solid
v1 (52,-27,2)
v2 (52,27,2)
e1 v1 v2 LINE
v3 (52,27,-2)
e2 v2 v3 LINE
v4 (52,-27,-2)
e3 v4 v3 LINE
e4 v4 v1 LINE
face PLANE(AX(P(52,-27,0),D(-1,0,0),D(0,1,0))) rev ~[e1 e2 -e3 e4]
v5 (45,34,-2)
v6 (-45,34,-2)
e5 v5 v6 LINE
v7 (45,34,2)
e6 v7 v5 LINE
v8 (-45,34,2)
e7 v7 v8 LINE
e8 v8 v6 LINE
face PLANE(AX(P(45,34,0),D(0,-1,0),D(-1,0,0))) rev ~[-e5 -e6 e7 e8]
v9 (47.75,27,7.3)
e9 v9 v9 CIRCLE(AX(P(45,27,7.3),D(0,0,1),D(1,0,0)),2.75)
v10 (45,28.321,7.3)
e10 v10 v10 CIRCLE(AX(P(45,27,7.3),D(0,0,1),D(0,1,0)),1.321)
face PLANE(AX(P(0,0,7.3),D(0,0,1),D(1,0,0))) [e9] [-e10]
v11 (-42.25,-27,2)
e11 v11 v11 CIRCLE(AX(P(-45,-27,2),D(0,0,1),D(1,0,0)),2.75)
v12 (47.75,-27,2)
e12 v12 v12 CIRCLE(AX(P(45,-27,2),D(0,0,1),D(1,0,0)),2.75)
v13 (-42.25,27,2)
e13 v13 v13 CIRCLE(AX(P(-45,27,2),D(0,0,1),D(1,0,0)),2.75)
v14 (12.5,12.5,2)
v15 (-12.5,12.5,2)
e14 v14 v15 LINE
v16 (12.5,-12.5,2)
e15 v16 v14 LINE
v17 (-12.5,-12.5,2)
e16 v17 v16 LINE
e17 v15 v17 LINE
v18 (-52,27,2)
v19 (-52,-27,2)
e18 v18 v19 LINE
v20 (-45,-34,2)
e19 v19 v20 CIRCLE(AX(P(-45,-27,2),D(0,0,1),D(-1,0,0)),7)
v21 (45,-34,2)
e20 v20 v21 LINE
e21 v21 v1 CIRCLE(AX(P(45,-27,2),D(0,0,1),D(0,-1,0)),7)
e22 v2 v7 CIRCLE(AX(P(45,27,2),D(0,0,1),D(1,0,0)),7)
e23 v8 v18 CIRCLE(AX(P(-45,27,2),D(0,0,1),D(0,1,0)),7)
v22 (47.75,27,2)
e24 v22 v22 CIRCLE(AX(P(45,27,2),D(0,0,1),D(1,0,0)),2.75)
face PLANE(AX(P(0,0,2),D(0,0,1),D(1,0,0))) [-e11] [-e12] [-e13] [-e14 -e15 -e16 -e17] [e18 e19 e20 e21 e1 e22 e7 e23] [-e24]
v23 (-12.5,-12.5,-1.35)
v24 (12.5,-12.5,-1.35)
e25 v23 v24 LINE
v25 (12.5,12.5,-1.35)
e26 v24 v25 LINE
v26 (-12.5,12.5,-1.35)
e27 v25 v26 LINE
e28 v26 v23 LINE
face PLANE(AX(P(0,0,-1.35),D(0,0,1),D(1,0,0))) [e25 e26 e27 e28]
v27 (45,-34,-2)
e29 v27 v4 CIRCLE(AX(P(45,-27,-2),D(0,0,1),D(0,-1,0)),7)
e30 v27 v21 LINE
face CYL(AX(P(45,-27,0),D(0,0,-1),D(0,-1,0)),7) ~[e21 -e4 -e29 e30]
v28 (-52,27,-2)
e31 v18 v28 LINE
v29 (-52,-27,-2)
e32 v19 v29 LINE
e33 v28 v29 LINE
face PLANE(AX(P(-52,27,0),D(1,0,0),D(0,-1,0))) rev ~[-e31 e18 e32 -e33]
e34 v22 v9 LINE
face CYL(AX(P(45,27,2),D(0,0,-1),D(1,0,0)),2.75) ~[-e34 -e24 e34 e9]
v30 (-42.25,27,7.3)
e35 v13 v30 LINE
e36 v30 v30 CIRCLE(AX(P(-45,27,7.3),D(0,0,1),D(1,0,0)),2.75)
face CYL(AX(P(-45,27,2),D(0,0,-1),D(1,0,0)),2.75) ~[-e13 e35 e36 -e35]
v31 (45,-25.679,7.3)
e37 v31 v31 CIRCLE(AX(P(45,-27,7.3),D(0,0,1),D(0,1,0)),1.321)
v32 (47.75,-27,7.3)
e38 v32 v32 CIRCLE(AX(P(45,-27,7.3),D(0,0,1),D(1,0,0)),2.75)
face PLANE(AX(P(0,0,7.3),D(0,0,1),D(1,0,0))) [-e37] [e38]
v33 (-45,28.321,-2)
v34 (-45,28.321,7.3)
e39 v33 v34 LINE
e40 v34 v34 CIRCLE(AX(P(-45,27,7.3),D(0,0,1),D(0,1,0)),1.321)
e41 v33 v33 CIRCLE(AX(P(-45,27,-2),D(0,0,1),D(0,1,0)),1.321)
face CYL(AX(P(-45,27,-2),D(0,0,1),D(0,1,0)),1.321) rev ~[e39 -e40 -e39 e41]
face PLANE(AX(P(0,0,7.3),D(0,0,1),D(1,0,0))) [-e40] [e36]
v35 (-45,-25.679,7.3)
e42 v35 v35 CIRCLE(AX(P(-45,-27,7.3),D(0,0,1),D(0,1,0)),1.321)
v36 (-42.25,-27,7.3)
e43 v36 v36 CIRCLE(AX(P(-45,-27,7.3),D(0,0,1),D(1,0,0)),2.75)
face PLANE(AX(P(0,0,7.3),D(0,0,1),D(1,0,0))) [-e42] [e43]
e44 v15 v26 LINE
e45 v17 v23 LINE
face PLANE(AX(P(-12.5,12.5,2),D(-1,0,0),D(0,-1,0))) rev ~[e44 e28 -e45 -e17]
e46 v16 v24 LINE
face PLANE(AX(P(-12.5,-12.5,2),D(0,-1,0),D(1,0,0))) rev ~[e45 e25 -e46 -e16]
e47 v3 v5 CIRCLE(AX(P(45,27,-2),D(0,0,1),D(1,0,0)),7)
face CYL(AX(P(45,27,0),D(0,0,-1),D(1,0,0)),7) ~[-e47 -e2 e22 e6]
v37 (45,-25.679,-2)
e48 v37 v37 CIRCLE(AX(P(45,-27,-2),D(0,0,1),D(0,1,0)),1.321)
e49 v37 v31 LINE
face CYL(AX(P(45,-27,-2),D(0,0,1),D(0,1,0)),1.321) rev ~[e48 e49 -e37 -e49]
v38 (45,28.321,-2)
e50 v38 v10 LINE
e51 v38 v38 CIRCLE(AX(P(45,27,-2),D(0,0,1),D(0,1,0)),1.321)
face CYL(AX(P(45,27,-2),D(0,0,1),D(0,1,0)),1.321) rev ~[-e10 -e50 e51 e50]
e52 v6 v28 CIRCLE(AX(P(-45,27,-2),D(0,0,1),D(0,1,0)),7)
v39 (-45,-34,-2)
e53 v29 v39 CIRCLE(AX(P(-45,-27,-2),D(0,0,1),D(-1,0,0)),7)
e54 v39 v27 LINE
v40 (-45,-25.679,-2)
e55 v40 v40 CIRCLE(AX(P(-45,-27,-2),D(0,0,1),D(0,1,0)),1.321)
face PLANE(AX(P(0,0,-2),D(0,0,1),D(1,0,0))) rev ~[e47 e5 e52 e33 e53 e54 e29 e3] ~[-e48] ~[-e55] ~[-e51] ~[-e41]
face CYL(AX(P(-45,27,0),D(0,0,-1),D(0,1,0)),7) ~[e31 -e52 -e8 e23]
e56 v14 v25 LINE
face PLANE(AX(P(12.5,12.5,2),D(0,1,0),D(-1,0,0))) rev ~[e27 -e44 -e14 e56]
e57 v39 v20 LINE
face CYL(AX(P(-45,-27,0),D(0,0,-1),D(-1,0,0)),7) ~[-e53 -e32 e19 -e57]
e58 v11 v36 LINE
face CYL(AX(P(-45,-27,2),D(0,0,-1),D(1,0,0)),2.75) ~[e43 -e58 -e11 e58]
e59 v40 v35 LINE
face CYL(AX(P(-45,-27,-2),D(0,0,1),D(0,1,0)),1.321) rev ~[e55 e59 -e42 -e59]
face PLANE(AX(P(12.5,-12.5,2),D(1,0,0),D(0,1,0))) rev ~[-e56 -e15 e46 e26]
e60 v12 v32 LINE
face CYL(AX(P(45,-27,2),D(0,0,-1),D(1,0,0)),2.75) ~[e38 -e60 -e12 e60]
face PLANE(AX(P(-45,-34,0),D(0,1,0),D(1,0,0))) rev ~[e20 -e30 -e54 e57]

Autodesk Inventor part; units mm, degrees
ref_plane "YZ Plane" through (0, 0, 0) normal (1, 0, 0) x (0, 1, 0)
ref_plane "XZ Plane" through (0, 0, 0) normal (0, 1, 0) x (-1, 0, 0)
ref_plane "XY Plane" through (0, 0, 0) normal (0, 0, 1) x (1, 0, 0)
sketch "Sketch1" plane through (0, 0, 0) normal (0, 0, 1) x (1, 0, 0)
  line L0 (-45, -34) -> (45, -34)
  line L1 (52, -27) -> (52, 27)
  line L2 (45, 34) -> (-45, 34)
  line L3 (-52, 27) -> (-52, -27)
  line L4 (-52, -34) -> (52, 34) construction
  line L5 (52, -34) -> (-52, 34) construction
  line L6 (-45, 27) -> (45, 27) construction
  line L7 (45, 27) -> (45, -27) construction
  line L8 (45, -27) -> (-45, -27) construction
  line L9 (-45, -27) -> (-45, 27) construction
  arc A0 (-45, 34) -> (-52, 27) centre (-45, 27) ccw
  arc A1 (52, 27) -> (45, 34) centre (45, 27) ccw
  arc A2 (45, -34) -> (52, -27) centre (45, -27) ccw
  arc A3 (-52, -27) -> (-45, -34) centre (-45, -27) ccw
  point P0 (0, 0)
  dimension "d0" = 104
  dimension "d1" = 68
  dimension "d2" = 54
  dimension "d3" = 90
extrude "Extrusion1" add sketch "Sketch1" along normal mid plane 4
sketch "Sketch2" plane through (0, 0, 2) normal (0, 0, 1) x (1, 0, 0)
  line L0 (45, 34) -> (-45, 34) projected
  arc A0 (-45, 34) -> (-52, 27) centre (-45, 27) ccw projected
  line L1 (-52, 27) -> (-52, -27) projected
  arc A1 (-52, -27) -> (-45, -34) centre (-45, -27) ccw projected
  line L2 (-45, -34) -> (45, -34) projected
  arc A2 (45, -34) -> (52, -27) centre (45, -27) ccw projected
  line L3 (52, -27) -> (52, 27) projected
  arc A3 (52, 27) -> (45, 34) centre (45, 27) ccw projected
  circle A4 centre (-45, 27) radius 2.75
  circle A5 centre (45, 27) radius 2.75
  circle A6 centre (45, -27) radius 2.75
  circle A7 centre (-45, -27) radius 2.75
  point P0 (0, 0)
  dimension "d7" = 5.5
extrude "Extrusion2" add sketch "Sketch2" along normal blind 5.3 contours A4 | A5 | A6 | A7
sketch "Sketch3" plane through (0, 0, -2) normal (0, 0, -1) x (-1, 0, 0)
  line L0 (45, 34) -> (-45, 34) projected
  arc A0 (-45, 34) -> (-52, 27) centre (-45, 27) ccw projected
  line L1 (-52, 27) -> (-52, -27) projected
  arc A1 (-52, -27) -> (-45, -34) centre (-45, -27) ccw projected
  line L2 (-45, -34) -> (45, -34) projected
  arc A2 (45, -34) -> (52, -27) centre (45, -27) ccw projected
  line L3 (52, -27) -> (52, 27) projected
  arc A3 (52, 27) -> (45, 34) centre (45, 27) ccw projected
  circle A4 centre (-45, 27) radius 2.75 projected
  point P0 (0, 0)
hole "Hole1" at (-45, -27, -2) at (45, -27, -2) at (45, 27, -2) at (-45, 27, -2) direction (0, 0, 1) diameter 2.642 end through all thread size "6-32 UNC" class "2B" standard "ANSI Unified Screw Threads"
sketch "Sketch4" plane through (0, 0, 2) normal (0, 0, 1) x (1, 0, 0)
  line L0 (-12.5, -12.5) -> (12.5, -12.5)
  line L1 (12.5, -12.5) -> (12.5, 12.5)
  line L2 (12.5, 12.5) -> (-12.5, 12.5)
  line L3 (-12.5, 12.5) -> (-12.5, -12.5)
  line L4 (-12.5, -12.5) -> (12.5, 12.5) construction
  line L5 (12.5, -12.5) -> (-12.5, 12.5) construction
  point P0 (0, 0)
  dimension "d17" = 25
extrude "Extrusion3" cut sketch "Sketch4" against normal blind 3.35
properties part number "BackBracket" material "Steel, Mild"
